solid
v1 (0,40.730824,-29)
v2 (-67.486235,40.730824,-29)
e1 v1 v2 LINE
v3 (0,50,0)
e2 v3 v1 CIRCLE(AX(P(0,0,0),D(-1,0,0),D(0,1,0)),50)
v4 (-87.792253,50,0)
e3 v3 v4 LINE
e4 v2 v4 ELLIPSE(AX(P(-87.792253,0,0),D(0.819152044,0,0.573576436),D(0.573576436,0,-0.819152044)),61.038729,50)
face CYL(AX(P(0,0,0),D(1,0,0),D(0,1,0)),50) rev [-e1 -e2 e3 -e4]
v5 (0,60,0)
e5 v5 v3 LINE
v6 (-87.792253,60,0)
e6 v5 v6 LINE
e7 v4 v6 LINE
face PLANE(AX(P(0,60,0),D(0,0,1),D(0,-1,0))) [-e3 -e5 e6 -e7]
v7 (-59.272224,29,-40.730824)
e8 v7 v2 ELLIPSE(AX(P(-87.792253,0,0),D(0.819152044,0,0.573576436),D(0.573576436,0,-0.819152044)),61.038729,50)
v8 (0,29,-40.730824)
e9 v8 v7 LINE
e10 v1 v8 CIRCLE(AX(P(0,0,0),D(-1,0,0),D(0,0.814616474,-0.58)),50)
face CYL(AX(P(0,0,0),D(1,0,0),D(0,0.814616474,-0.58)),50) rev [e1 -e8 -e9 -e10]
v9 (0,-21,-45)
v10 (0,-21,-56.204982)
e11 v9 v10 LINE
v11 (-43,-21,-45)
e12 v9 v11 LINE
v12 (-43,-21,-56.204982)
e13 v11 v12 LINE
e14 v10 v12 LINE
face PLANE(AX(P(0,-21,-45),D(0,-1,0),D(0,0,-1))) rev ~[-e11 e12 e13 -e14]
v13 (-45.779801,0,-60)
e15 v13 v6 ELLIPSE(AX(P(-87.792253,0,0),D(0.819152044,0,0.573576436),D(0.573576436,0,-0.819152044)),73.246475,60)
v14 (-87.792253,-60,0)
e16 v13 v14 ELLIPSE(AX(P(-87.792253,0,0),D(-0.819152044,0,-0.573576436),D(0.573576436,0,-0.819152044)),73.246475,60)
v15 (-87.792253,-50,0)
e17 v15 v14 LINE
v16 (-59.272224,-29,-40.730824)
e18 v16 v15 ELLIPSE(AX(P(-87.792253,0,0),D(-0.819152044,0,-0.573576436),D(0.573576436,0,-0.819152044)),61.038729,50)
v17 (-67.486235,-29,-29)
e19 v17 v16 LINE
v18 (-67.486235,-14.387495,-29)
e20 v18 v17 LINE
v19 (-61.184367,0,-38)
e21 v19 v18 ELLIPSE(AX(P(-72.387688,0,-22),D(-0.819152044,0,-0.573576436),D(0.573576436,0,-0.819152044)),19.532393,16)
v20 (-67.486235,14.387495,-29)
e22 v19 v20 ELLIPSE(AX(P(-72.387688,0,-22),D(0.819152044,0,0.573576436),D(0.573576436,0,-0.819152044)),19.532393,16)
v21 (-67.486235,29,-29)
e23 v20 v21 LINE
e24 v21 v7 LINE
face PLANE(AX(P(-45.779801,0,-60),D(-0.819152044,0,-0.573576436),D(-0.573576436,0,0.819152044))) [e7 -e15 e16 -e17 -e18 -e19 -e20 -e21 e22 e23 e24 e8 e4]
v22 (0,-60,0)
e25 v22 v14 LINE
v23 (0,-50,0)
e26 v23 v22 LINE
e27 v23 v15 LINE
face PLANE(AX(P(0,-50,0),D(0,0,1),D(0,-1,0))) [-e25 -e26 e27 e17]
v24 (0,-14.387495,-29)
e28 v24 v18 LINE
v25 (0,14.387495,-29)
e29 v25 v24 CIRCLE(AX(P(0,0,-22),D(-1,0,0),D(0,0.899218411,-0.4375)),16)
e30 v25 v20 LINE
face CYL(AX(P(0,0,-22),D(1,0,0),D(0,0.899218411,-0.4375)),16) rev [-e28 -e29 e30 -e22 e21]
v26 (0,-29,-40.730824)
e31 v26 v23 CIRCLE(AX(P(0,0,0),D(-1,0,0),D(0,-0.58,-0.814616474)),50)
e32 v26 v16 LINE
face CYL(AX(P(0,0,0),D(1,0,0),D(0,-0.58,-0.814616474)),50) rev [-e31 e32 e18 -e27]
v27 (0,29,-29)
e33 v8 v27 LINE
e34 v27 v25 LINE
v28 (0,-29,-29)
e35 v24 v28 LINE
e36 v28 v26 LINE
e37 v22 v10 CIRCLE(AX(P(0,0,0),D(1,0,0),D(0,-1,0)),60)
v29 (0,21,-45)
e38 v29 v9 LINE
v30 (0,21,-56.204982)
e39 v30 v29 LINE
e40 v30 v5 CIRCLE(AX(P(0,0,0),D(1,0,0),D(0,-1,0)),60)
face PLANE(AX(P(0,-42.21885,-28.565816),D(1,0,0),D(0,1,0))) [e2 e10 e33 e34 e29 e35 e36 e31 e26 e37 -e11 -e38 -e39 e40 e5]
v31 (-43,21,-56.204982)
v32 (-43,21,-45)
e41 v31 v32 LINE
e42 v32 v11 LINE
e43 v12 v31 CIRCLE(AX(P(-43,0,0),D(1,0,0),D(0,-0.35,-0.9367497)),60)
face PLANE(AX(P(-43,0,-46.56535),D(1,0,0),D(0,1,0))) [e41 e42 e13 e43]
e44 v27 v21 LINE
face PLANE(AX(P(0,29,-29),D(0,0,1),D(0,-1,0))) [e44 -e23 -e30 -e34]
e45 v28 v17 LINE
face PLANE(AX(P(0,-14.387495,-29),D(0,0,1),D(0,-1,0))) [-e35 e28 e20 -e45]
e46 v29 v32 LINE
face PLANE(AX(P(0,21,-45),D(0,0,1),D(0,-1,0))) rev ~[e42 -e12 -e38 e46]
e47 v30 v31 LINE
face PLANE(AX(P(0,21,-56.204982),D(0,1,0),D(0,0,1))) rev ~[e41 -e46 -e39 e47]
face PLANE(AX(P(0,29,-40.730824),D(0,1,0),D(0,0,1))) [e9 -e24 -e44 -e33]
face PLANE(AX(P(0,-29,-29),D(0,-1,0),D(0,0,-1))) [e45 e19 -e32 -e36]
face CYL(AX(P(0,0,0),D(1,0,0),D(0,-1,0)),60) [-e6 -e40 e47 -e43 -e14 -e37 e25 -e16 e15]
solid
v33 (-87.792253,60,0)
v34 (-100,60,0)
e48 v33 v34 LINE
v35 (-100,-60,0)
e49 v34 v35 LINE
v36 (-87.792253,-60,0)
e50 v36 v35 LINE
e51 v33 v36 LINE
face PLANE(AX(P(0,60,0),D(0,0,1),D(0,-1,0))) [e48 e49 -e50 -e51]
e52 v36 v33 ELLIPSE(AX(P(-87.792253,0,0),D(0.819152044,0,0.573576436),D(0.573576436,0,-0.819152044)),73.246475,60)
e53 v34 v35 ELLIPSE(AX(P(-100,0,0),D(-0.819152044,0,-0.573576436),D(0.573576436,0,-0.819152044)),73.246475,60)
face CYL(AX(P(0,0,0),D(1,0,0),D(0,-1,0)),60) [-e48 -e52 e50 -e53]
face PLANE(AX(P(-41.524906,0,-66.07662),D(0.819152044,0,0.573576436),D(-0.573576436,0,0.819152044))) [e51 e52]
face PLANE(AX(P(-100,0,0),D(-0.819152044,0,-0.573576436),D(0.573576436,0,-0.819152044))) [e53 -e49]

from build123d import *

# Parameters (mm, degrees)
F1_DEPTH      = 100
F3_DEPTH      = 79.9
F3_DEPTH_BACK = 98
F6_DEPTH      = 74.8
F6_DEPTH_BACK = 93.6
F7_DEPTH      = 115.8
F8_DEPTH      = 43


with BuildPart() as f1:
    # F0 (on Right) → F1 (new body)
    with BuildSketch(Plane.YZ):
        with BuildLine():
            Line((-50, 0), (-60, 0))
            ThreePointArc((-60, 0), (-49.2950301755, -34.205262753), (-21, -56.2049819856))
            Line((-21, -56.2049819856), (-21, -45.3762052182))
            ThreePointArc((-21, -45.3762052182), (-21.3980741453, -45.1898486706), (-21.7944947177, -45))
            ThreePointArc((-21.7944947177, -45), (-25.4867934421, -43.0165475142), (-29, -40.7308237088))
            ThreePointArc((-29, -40.7308237088), (-44.4409720866, -22.9128784748), (-50, 0))
        make_face()
        with BuildLine():
            Line((-29, -29), (-29, -40.7308237088))
            ThreePointArc((-29, -40.7308237088), (-25.4867934421, -43.0165475142), (-21.7944947177, -45))
            Line((-21.7944947177, -45), (-21, -45))
            Line((-21, -45), (21, -45))
            Line((21, -45), (21.7944947177, -45))
            ThreePointArc((21.7944947177, -45), (25.4867934421, -43.0165475142), (29, -40.7308237088))
            Line((29, -40.7308237088), (29, -29))
            Line((29, -29), (14.3874945699, -29))
            ThreePointArc((14.3874945699, -29), (0, -38), (-14.3874945699, -29))
            Line((-14.3874945699, -29), (-29, -29))
        make_face()
        with BuildLine():
            Line((21, -45.3762052182), (21, -56.2049819856))
            ThreePointArc((21, -56.2049819856), (49.2950301755, -34.205262753), (60, 0))
            Line((60, 0), (50, 0))
            ThreePointArc((50, 0), (47.626364471, -15.2226609789), (40.7308237088, -29))
            ThreePointArc((40.7308237088, -29), (35.3553390593, -35.3553390593), (29, -40.7308237088))
            ThreePointArc((29, -40.7308237088), (25.4867934421, -43.0165475142), (21.7944947177, -45))
            ThreePointArc((21.7944947177, -45), (21.3980741453, -45.1898486706), (21, -45.3762052182))
        make_face()
        with BuildLine():
            Line((21, -45), (21, -45.3762052182))
            ThreePointArc((21, -45.3762052182), (21.3980741453, -45.1898486706), (21.7944947177, -45))
            Line((21.7944947177, -45), (21, -45))
        make_face()
        with BuildLine():
            ThreePointArc((-21.7944947177, -45), (-21.3980741453, -45.1898486706), (-21, -45.3762052182))
            Line((-21, -45.3762052182), (-21, -45))
            Line((-21, -45), (-21.7944947177, -45))
        make_face()
        with BuildLine():
            Line((-21, -45), (-21, -45.3762052182))
            ThreePointArc((-21, -45.3762052182), (0, -50), (21, -45.3762052182))
            Line((21, -45.3762052182), (21, -45))
            Line((21, -45), (-21, -45))
        make_face()
        with BuildLine():
            Line((-21, -45.3762052182), (-21, -56.2049819856))
            ThreePointArc((-21, -56.2049819856), (0, -60), (21, -56.2049819856))
            Line((21, -56.2049819856), (21, -45.3762052182))
            ThreePointArc((21, -45.3762052182), (0, -50), (-21, -45.3762052182))
        make_face()
    extrude(amount=-F1_DEPTH)

    # F2 (on Front) → F3 (cut, two sides)
    with BuildSketch(Plane.XZ) as f3_sk:
        Polygon((-57.9875477074, -60), (-100, 0), (-87.7922533566, 0), (-91.80847905, 5.7357647186), (-123.0464950204, 5.7357647186), (-123.0464950204, -66.0766197592), (-41.5249061018, -66.0766197592), (-45.779801064, -60), align=None)
        Polygon((-87.7922533566, 0), (-100, 0), (-57.9875477074, -60), (-45.779801064, -60), align=None)
    extrude(amount=-F3_DEPTH, mode=Mode.SUBTRACT)
    extrude(f3_sk.sketch, amount=F3_DEPTH_BACK, mode=Mode.SUBTRACT)


with BuildPart() as f6:
    # F5 (on Front) → F6 (new body, two sides)
    with BuildSketch(Plane.XZ) as f6_sk:
        Polygon((-41.5249061018, -66.0766197592), (-91.80847905, 5.7357647186), (-104.0162256934, 5.7357647186), (-100, 0), (-56.8908456845, -61.5662528081), (-53.7326527452, -66.0766197592), align=None)
    extrude(amount=F6_DEPTH)
    extrude(f6_sk.sketch, amount=-F6_DEPTH_BACK)


with BuildPart() as f7_tool:
    # F0 (on Right) → F7 (new body)
    with BuildSketch(Plane.YZ):
        with BuildLine():
            Line((-50, 0), (-60, 0))
            ThreePointArc((-60, 0), (-49.2950301755, -34.205262753), (-21, -56.2049819856))
            Line((-21, -56.2049819856), (-21, -45.3762052182))
            ThreePointArc((-21, -45.3762052182), (-21.3980741453, -45.1898486706), (-21.7944947177, -45))
            ThreePointArc((-21.7944947177, -45), (-25.4867934421, -43.0165475142), (-29, -40.7308237088))
            ThreePointArc((-29, -40.7308237088), (-44.4409720866, -22.9128784748), (-50, 0))
        make_face()
        with BuildLine():
            Line((50, 0), (-50, 0))
            ThreePointArc((-50, 0), (-44.4409720866, -22.9128784748), (-29, -40.7308237088))
            Line((-29, -40.7308237088), (-29, -29))
            Line((-29, -29), (-14.3874945699, -29))
            ThreePointArc((-14.3874945699, -29), (-3.5916630466, -6.4083369534), (16, -22))
            ThreePointArc((16, -22), (15.5916630466, -25.5916630466), (14.3874945699, -29))
            Line((14.3874945699, -29), (29, -29))
            Line((29, -29), (40.7308237088, -29))
            ThreePointArc((40.7308237088, -29), (47.626364471, -15.2226609789), (50, 0))
        make_face()
        with BuildLine():
            ThreePointArc((16, -22), (-3.5916630466, -6.4083369534), (-14.3874945699, -29))
            Line((-14.3874945699, -29), (14.3874945699, -29))
            ThreePointArc((14.3874945699, -29), (15.5916630466, -25.5916630466), (16, -22))
        make_face()
        with BuildLine():
            Line((21, -45.3762052182), (21, -56.2049819856))
            ThreePointArc((21, -56.2049819856), (49.2950301755, -34.205262753), (60, 0))
            Line((60, 0), (50, 0))
            ThreePointArc((50, 0), (47.626364471, -15.2226609789), (40.7308237088, -29))
            ThreePointArc((40.7308237088, -29), (35.3553390593, -35.3553390593), (29, -40.7308237088))
            ThreePointArc((29, -40.7308237088), (25.4867934421, -43.0165475142), (21.7944947177, -45))
            ThreePointArc((21.7944947177, -45), (21.3980741453, -45.1898486706), (21, -45.3762052182))
        make_face()
        with BuildLine():
            Line((14.3874945699, -29), (-14.3874945699, -29))
            ThreePointArc((-14.3874945699, -29), (0, -38), (14.3874945699, -29))
        make_face()
        with BuildLine():
            Line((-29, -29), (-29, -40.7308237088))
            ThreePointArc((-29, -40.7308237088), (-25.4867934421, -43.0165475142), (-21.7944947177, -45))
            Line((-21.7944947177, -45), (-21, -45))
            Line((-21, -45), (21, -45))
            Line((21, -45), (21.7944947177, -45))
            ThreePointArc((21.7944947177, -45), (25.4867934421, -43.0165475142), (29, -40.7308237088))
            Line((29, -40.7308237088), (29, -29))
            Line((29, -29), (14.3874945699, -29))
            ThreePointArc((14.3874945699, -29), (0, -38), (-14.3874945699, -29))
            Line((-14.3874945699, -29), (-29, -29))
        make_face()
        with BuildLine():
            ThreePointArc((29, -40.7308237088), (35.3553390593, -35.3553390593), (40.7308237088, -29))
            Line((40.7308237088, -29), (29, -29))
            Line((29, -29), (29, -40.7308237088))
        make_face()
        with BuildLine():
            Line((-21, -45), (-21, -45.3762052182))
            ThreePointArc((-21, -45.3762052182), (0, -50), (21, -45.3762052182))
            Line((21, -45.3762052182), (21, -45))
            Line((21, -45), (-21, -45))
        make_face()
        with BuildLine():
            Line((-21, -45.3762052182), (-21, -56.2049819856))
            ThreePointArc((-21, -56.2049819856), (0, -60), (21, -56.2049819856))
            Line((21, -56.2049819856), (21, -45.3762052182))
            ThreePointArc((21, -45.3762052182), (0, -50), (-21, -45.3762052182))
        make_face()
        with BuildLine():
            Line((21, -45), (21, -45.3762052182))
            ThreePointArc((21, -45.3762052182), (21.3980741453, -45.1898486706), (21.7944947177, -45))
            Line((21.7944947177, -45), (21, -45))
        make_face()
        with BuildLine():
            ThreePointArc((-21.7944947177, -45), (-21.3980741453, -45.1898486706), (-21, -45.3762052182))
            Line((-21, -45.3762052182), (-21, -45))
            Line((-21, -45), (-21.7944947177, -45))
        make_face()
    extrude(amount=-F7_DEPTH)


with BuildPart() as f1_1:
    add(f1.part)

    # F7: intersect by f7_tool
    add(f7_tool.part, mode=Mode.INTERSECT)

    # F0 (on Right) → F8 (cut)
    with BuildSketch(Plane.YZ):
        with BuildLine():
            Line((-21, -45), (-21, -45.3762052182))
            ThreePointArc((-21, -45.3762052182), (0, -50), (21, -45.3762052182))
            Line((21, -45.3762052182), (21, -45))
            Line((21, -45), (-21, -45))
        make_face()
        with BuildLine():
            Line((-21, -45.3762052182), (-21, -56.2049819856))
            ThreePointArc((-21, -56.2049819856), (0, -60), (21, -56.2049819856))
            Line((21, -56.2049819856), (21, -45.3762052182))
            ThreePointArc((21, -45.3762052182), (0, -50), (-21, -45.3762052182))
        make_face()
    extrude(amount=-F8_DEPTH, mode=Mode.SUBTRACT)


with BuildPart() as f6_1:
    add(f6.part)

    # F7: intersect by f7_tool
    add(f7_tool.part, mode=Mode.INTERSECT)


solid = Compound([f1_1.part, f6_1.part])
